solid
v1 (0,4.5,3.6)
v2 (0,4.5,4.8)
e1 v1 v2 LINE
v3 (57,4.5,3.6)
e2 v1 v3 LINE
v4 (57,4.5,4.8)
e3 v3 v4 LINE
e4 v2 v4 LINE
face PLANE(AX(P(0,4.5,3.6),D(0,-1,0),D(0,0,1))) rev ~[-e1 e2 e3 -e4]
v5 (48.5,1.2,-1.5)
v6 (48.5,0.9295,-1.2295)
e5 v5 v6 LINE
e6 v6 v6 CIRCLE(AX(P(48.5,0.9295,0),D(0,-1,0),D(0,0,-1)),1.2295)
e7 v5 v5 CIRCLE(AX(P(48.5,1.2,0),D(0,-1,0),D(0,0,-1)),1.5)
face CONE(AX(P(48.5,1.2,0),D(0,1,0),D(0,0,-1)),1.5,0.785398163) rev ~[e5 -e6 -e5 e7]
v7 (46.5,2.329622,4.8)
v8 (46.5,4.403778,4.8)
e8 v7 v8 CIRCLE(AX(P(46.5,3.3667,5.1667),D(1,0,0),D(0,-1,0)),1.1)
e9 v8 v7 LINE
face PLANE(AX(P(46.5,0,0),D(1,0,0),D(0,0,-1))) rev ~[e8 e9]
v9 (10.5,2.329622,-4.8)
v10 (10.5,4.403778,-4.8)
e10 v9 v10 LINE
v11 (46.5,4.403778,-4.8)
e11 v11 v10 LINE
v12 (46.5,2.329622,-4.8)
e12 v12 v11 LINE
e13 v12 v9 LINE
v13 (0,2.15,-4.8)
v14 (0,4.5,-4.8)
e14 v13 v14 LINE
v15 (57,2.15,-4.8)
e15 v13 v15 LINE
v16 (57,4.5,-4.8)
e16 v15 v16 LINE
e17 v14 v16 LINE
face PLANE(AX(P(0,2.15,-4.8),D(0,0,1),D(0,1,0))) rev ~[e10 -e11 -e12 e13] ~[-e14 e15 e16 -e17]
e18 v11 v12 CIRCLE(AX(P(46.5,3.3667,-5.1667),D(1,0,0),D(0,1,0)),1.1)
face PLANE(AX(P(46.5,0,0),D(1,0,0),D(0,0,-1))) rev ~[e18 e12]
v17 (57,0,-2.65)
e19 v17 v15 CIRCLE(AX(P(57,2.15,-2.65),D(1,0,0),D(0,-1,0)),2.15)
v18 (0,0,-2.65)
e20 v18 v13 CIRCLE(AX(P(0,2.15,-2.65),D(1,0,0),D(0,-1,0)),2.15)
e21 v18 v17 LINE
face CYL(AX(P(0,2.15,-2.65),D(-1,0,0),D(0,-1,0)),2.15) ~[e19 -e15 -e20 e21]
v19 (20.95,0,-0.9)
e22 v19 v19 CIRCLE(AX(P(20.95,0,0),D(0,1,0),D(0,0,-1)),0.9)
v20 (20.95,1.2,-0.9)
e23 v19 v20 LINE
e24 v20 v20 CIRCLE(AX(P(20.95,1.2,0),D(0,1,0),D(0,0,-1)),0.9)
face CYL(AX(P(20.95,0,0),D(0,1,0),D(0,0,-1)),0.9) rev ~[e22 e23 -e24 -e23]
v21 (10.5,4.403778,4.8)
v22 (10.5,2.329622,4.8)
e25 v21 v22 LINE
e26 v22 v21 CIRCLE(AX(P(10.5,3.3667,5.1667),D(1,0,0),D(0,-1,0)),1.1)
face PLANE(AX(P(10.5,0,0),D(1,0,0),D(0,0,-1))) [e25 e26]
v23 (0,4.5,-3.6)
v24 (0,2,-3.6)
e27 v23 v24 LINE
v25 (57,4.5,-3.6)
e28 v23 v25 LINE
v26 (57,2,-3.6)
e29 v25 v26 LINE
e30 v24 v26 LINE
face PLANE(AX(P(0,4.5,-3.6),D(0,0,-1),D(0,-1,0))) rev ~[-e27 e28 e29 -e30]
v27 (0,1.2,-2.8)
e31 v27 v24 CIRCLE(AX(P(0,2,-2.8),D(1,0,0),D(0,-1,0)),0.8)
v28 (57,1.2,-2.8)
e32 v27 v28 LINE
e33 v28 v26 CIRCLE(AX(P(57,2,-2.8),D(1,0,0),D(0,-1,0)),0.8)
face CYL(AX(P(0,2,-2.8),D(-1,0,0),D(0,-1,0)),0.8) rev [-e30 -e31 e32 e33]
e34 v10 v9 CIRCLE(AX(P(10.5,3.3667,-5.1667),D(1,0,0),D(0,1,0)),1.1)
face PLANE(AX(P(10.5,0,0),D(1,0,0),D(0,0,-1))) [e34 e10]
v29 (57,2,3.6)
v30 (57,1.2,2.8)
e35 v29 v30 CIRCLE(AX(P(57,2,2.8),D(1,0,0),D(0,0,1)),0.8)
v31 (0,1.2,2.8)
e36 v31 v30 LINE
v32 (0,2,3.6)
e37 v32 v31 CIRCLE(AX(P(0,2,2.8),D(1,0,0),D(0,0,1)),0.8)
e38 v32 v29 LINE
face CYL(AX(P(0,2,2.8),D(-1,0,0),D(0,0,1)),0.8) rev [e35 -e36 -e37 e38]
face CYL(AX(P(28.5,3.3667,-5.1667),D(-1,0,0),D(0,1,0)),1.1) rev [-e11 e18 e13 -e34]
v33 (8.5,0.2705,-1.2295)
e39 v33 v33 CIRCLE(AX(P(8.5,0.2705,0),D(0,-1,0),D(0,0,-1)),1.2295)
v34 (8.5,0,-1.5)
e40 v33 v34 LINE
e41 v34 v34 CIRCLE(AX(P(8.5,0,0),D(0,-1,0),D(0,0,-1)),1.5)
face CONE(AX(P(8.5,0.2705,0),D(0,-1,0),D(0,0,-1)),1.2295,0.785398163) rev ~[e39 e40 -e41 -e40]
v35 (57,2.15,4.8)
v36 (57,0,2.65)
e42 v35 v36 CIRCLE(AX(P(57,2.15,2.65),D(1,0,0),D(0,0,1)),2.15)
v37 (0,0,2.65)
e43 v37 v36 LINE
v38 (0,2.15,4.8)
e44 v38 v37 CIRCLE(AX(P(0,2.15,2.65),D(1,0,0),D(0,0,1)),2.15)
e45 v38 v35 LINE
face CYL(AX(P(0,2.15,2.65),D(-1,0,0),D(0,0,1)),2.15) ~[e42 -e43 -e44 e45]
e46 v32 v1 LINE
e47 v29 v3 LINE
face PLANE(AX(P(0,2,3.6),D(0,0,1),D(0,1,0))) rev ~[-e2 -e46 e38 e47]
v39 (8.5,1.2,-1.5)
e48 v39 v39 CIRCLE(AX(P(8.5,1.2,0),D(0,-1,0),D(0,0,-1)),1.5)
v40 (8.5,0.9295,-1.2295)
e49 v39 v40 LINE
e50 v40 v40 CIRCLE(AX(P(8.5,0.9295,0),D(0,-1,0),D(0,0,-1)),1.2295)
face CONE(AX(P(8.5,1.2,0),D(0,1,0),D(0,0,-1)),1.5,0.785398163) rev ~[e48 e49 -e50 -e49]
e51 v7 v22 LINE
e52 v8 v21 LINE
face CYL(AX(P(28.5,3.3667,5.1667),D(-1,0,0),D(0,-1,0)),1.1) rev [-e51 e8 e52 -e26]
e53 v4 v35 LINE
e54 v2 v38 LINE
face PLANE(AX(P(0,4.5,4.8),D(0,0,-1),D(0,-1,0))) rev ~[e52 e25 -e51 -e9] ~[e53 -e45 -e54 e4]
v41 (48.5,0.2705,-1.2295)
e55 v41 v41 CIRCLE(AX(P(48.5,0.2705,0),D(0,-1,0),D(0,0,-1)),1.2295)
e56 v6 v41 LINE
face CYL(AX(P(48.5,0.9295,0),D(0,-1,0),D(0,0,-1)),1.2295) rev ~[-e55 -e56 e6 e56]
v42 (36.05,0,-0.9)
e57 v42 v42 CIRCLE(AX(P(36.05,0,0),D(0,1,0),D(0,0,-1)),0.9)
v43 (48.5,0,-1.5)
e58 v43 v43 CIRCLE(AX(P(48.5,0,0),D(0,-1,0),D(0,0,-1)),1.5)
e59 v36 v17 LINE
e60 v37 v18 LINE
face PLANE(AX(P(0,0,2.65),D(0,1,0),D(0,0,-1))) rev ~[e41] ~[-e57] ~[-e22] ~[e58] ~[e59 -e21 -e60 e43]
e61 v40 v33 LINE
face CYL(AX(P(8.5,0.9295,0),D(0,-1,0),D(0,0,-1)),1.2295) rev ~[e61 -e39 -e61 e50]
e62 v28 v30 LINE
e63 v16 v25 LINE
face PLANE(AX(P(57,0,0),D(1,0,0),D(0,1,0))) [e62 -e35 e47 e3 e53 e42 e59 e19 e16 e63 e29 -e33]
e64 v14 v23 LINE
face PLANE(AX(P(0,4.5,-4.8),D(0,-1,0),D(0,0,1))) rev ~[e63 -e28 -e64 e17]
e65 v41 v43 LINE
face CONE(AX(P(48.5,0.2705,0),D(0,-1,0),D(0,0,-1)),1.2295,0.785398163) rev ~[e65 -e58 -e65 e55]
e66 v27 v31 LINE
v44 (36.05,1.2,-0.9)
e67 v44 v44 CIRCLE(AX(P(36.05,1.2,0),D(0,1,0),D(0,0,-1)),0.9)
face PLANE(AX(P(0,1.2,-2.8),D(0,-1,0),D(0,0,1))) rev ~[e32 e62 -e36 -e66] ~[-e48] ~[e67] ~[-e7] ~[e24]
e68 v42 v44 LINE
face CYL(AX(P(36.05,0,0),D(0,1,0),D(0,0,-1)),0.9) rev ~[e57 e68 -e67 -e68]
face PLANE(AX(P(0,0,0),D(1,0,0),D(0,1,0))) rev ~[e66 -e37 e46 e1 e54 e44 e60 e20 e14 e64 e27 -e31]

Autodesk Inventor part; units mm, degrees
sketch "Sketch_1" plane through (0, 0, 0) normal (1, 0, 0) x (0, 1, 0)
  line L0 (4.5, 4.8) -> (2.15, 4.8)
  arc A0 (2.15, 4.8) -> (0, 2.65) centre (2.15, 2.65) ccw
  line L1 (0, 2.65) -> (0, -2.65)
  arc A1 (0, -2.65) -> (2.15, -4.8) centre (2.15, -2.65) ccw
  line L2 (2.15, -4.8) -> (4.5, -4.8)
  line L3 (4.5, -4.8) -> (4.5, -3.6)
  line L4 (4.5, -3.6) -> (2, -3.6)
  arc A2 (1.2, -2.8) -> (2, -3.6) centre (2, -2.8) ccw
  line L5 (1.2, -2.8) -> (1.2, 2.8)
  arc A3 (2, 3.6) -> (1.2, 2.8) centre (2, 2.8) ccw
  line L6 (2, 3.6) -> (4.5, 3.6)
  line L7 (4.5, 3.6) -> (4.5, 4.8)
extrude "Extrusion1" add sketch "Sketch_1" along normal blind 57
sketch "Sketch_2" plane through (8.5, 0, 0) normal (1, 0, 0) x (0, 0, -1)
  line L0 (0, 0) -> (0, 1.2)
  line L1 (0, 1.2) -> (1.5, 1.2)
  line L2 (1.5, 1.2) -> (1.2295, 0.9295)
  line L3 (1.2295, 0.9295) -> (1.2295, 0.2705)
  line L4 (1.2295, 0.2705) -> (1.5, 0)
  line L5 (1.5, 0) -> (0, 0)
  line L6 (0, 0) -> (0, 1.2)
revolve "Revolution1" cut sketch "Sketch_2" angle 360 about axis through (8.5, 0, 0) along (0, -1, 0)
thread "Thread1" size "M3x0.5" class "6H" standard "ISO Metric profile" full length
sketch "Sketch_3" plane through (48.5, 0, 0) normal (1, 0, 0) x (0, 0, -1)
  line L0 (0, 0) -> (0, 1.2)
  line L1 (0, 1.2) -> (1.5, 1.2)
  line L2 (1.5, 1.2) -> (1.2295, 0.9295)
  line L3 (1.2295, 0.9295) -> (1.2295, 0.2705)
  line L4 (1.2295, 0.2705) -> (1.5, 0)
  line L5 (1.5, 0) -> (0, 0)
  line L6 (0, 0) -> (0, 1.2)
revolve "Revolution2" cut sketch "Sketch_3" angle 360 about axis through (48.5, 0, 0) along (0, -1, 0)
thread "Thread2" size "M3x0.5" class "6H" standard "ISO Metric profile" full length
sketch "Sketch4" plane through (0, 0, -2.65) normal (0, -1, 0) x (1, 0, 0)
  point P0 (20.95, 2.65)
hole "Hole1" at (20.95, 0, 0) direction (0, 1, 0) diameter 1.8 depth 1.2
sketch "Sketch5" plane through (0, 0, -2.65) normal (0, -1, 0) x (1, 0, 0)
  point P0 (36.05, 2.65)
hole "Hole2" at (36.05, 0, 0) direction (0, 1, 0) diameter 1.8 depth 1.2
sketch "Sketch_8" plane through (28.5, 0, 0) normal (1, 0, 0) x (0, 0, -1)
  arc A0 (5.1667, 4.4667) -> (5.1667, 2.2667) centre (5.1667, 3.3667) ccw
  line L0 (5.1667, 2.2667) -> (5.1667, 4.4667)
extrude "Extrusion2" cut sketch "Sketch_8" along normal mid plane 36
sketch "Sketch_10" plane through (28.5, 0, 0) normal (1, 0, 0) x (0, 0, -1)
  arc A0 (-5.1667, 2.2667) -> (-5.1667, 4.4667) centre (-5.1667, 3.3667) ccw
  line L0 (-5.1667, 4.4667) -> (-5.1667, 2.2667)
extrude "Extrusion3" cut sketch "Sketch_10" along normal mid plane 36
ref_plane "bspg_r2_XY" through (28.5, 4.5, 0) normal (1, 0, 0) x (0, 0, -1)
ref_plane "bspg_r2_YZ" through (28.5, 4.5, 0) normal (0, 0, -1) x (0, 1, 0)
ref_plane "bspg_r2_ZX" through (28.5, 4.5, 0) normal (0, 1, 0) x (1, 0, 0)
properties part number "BSPG1560 Rail"
